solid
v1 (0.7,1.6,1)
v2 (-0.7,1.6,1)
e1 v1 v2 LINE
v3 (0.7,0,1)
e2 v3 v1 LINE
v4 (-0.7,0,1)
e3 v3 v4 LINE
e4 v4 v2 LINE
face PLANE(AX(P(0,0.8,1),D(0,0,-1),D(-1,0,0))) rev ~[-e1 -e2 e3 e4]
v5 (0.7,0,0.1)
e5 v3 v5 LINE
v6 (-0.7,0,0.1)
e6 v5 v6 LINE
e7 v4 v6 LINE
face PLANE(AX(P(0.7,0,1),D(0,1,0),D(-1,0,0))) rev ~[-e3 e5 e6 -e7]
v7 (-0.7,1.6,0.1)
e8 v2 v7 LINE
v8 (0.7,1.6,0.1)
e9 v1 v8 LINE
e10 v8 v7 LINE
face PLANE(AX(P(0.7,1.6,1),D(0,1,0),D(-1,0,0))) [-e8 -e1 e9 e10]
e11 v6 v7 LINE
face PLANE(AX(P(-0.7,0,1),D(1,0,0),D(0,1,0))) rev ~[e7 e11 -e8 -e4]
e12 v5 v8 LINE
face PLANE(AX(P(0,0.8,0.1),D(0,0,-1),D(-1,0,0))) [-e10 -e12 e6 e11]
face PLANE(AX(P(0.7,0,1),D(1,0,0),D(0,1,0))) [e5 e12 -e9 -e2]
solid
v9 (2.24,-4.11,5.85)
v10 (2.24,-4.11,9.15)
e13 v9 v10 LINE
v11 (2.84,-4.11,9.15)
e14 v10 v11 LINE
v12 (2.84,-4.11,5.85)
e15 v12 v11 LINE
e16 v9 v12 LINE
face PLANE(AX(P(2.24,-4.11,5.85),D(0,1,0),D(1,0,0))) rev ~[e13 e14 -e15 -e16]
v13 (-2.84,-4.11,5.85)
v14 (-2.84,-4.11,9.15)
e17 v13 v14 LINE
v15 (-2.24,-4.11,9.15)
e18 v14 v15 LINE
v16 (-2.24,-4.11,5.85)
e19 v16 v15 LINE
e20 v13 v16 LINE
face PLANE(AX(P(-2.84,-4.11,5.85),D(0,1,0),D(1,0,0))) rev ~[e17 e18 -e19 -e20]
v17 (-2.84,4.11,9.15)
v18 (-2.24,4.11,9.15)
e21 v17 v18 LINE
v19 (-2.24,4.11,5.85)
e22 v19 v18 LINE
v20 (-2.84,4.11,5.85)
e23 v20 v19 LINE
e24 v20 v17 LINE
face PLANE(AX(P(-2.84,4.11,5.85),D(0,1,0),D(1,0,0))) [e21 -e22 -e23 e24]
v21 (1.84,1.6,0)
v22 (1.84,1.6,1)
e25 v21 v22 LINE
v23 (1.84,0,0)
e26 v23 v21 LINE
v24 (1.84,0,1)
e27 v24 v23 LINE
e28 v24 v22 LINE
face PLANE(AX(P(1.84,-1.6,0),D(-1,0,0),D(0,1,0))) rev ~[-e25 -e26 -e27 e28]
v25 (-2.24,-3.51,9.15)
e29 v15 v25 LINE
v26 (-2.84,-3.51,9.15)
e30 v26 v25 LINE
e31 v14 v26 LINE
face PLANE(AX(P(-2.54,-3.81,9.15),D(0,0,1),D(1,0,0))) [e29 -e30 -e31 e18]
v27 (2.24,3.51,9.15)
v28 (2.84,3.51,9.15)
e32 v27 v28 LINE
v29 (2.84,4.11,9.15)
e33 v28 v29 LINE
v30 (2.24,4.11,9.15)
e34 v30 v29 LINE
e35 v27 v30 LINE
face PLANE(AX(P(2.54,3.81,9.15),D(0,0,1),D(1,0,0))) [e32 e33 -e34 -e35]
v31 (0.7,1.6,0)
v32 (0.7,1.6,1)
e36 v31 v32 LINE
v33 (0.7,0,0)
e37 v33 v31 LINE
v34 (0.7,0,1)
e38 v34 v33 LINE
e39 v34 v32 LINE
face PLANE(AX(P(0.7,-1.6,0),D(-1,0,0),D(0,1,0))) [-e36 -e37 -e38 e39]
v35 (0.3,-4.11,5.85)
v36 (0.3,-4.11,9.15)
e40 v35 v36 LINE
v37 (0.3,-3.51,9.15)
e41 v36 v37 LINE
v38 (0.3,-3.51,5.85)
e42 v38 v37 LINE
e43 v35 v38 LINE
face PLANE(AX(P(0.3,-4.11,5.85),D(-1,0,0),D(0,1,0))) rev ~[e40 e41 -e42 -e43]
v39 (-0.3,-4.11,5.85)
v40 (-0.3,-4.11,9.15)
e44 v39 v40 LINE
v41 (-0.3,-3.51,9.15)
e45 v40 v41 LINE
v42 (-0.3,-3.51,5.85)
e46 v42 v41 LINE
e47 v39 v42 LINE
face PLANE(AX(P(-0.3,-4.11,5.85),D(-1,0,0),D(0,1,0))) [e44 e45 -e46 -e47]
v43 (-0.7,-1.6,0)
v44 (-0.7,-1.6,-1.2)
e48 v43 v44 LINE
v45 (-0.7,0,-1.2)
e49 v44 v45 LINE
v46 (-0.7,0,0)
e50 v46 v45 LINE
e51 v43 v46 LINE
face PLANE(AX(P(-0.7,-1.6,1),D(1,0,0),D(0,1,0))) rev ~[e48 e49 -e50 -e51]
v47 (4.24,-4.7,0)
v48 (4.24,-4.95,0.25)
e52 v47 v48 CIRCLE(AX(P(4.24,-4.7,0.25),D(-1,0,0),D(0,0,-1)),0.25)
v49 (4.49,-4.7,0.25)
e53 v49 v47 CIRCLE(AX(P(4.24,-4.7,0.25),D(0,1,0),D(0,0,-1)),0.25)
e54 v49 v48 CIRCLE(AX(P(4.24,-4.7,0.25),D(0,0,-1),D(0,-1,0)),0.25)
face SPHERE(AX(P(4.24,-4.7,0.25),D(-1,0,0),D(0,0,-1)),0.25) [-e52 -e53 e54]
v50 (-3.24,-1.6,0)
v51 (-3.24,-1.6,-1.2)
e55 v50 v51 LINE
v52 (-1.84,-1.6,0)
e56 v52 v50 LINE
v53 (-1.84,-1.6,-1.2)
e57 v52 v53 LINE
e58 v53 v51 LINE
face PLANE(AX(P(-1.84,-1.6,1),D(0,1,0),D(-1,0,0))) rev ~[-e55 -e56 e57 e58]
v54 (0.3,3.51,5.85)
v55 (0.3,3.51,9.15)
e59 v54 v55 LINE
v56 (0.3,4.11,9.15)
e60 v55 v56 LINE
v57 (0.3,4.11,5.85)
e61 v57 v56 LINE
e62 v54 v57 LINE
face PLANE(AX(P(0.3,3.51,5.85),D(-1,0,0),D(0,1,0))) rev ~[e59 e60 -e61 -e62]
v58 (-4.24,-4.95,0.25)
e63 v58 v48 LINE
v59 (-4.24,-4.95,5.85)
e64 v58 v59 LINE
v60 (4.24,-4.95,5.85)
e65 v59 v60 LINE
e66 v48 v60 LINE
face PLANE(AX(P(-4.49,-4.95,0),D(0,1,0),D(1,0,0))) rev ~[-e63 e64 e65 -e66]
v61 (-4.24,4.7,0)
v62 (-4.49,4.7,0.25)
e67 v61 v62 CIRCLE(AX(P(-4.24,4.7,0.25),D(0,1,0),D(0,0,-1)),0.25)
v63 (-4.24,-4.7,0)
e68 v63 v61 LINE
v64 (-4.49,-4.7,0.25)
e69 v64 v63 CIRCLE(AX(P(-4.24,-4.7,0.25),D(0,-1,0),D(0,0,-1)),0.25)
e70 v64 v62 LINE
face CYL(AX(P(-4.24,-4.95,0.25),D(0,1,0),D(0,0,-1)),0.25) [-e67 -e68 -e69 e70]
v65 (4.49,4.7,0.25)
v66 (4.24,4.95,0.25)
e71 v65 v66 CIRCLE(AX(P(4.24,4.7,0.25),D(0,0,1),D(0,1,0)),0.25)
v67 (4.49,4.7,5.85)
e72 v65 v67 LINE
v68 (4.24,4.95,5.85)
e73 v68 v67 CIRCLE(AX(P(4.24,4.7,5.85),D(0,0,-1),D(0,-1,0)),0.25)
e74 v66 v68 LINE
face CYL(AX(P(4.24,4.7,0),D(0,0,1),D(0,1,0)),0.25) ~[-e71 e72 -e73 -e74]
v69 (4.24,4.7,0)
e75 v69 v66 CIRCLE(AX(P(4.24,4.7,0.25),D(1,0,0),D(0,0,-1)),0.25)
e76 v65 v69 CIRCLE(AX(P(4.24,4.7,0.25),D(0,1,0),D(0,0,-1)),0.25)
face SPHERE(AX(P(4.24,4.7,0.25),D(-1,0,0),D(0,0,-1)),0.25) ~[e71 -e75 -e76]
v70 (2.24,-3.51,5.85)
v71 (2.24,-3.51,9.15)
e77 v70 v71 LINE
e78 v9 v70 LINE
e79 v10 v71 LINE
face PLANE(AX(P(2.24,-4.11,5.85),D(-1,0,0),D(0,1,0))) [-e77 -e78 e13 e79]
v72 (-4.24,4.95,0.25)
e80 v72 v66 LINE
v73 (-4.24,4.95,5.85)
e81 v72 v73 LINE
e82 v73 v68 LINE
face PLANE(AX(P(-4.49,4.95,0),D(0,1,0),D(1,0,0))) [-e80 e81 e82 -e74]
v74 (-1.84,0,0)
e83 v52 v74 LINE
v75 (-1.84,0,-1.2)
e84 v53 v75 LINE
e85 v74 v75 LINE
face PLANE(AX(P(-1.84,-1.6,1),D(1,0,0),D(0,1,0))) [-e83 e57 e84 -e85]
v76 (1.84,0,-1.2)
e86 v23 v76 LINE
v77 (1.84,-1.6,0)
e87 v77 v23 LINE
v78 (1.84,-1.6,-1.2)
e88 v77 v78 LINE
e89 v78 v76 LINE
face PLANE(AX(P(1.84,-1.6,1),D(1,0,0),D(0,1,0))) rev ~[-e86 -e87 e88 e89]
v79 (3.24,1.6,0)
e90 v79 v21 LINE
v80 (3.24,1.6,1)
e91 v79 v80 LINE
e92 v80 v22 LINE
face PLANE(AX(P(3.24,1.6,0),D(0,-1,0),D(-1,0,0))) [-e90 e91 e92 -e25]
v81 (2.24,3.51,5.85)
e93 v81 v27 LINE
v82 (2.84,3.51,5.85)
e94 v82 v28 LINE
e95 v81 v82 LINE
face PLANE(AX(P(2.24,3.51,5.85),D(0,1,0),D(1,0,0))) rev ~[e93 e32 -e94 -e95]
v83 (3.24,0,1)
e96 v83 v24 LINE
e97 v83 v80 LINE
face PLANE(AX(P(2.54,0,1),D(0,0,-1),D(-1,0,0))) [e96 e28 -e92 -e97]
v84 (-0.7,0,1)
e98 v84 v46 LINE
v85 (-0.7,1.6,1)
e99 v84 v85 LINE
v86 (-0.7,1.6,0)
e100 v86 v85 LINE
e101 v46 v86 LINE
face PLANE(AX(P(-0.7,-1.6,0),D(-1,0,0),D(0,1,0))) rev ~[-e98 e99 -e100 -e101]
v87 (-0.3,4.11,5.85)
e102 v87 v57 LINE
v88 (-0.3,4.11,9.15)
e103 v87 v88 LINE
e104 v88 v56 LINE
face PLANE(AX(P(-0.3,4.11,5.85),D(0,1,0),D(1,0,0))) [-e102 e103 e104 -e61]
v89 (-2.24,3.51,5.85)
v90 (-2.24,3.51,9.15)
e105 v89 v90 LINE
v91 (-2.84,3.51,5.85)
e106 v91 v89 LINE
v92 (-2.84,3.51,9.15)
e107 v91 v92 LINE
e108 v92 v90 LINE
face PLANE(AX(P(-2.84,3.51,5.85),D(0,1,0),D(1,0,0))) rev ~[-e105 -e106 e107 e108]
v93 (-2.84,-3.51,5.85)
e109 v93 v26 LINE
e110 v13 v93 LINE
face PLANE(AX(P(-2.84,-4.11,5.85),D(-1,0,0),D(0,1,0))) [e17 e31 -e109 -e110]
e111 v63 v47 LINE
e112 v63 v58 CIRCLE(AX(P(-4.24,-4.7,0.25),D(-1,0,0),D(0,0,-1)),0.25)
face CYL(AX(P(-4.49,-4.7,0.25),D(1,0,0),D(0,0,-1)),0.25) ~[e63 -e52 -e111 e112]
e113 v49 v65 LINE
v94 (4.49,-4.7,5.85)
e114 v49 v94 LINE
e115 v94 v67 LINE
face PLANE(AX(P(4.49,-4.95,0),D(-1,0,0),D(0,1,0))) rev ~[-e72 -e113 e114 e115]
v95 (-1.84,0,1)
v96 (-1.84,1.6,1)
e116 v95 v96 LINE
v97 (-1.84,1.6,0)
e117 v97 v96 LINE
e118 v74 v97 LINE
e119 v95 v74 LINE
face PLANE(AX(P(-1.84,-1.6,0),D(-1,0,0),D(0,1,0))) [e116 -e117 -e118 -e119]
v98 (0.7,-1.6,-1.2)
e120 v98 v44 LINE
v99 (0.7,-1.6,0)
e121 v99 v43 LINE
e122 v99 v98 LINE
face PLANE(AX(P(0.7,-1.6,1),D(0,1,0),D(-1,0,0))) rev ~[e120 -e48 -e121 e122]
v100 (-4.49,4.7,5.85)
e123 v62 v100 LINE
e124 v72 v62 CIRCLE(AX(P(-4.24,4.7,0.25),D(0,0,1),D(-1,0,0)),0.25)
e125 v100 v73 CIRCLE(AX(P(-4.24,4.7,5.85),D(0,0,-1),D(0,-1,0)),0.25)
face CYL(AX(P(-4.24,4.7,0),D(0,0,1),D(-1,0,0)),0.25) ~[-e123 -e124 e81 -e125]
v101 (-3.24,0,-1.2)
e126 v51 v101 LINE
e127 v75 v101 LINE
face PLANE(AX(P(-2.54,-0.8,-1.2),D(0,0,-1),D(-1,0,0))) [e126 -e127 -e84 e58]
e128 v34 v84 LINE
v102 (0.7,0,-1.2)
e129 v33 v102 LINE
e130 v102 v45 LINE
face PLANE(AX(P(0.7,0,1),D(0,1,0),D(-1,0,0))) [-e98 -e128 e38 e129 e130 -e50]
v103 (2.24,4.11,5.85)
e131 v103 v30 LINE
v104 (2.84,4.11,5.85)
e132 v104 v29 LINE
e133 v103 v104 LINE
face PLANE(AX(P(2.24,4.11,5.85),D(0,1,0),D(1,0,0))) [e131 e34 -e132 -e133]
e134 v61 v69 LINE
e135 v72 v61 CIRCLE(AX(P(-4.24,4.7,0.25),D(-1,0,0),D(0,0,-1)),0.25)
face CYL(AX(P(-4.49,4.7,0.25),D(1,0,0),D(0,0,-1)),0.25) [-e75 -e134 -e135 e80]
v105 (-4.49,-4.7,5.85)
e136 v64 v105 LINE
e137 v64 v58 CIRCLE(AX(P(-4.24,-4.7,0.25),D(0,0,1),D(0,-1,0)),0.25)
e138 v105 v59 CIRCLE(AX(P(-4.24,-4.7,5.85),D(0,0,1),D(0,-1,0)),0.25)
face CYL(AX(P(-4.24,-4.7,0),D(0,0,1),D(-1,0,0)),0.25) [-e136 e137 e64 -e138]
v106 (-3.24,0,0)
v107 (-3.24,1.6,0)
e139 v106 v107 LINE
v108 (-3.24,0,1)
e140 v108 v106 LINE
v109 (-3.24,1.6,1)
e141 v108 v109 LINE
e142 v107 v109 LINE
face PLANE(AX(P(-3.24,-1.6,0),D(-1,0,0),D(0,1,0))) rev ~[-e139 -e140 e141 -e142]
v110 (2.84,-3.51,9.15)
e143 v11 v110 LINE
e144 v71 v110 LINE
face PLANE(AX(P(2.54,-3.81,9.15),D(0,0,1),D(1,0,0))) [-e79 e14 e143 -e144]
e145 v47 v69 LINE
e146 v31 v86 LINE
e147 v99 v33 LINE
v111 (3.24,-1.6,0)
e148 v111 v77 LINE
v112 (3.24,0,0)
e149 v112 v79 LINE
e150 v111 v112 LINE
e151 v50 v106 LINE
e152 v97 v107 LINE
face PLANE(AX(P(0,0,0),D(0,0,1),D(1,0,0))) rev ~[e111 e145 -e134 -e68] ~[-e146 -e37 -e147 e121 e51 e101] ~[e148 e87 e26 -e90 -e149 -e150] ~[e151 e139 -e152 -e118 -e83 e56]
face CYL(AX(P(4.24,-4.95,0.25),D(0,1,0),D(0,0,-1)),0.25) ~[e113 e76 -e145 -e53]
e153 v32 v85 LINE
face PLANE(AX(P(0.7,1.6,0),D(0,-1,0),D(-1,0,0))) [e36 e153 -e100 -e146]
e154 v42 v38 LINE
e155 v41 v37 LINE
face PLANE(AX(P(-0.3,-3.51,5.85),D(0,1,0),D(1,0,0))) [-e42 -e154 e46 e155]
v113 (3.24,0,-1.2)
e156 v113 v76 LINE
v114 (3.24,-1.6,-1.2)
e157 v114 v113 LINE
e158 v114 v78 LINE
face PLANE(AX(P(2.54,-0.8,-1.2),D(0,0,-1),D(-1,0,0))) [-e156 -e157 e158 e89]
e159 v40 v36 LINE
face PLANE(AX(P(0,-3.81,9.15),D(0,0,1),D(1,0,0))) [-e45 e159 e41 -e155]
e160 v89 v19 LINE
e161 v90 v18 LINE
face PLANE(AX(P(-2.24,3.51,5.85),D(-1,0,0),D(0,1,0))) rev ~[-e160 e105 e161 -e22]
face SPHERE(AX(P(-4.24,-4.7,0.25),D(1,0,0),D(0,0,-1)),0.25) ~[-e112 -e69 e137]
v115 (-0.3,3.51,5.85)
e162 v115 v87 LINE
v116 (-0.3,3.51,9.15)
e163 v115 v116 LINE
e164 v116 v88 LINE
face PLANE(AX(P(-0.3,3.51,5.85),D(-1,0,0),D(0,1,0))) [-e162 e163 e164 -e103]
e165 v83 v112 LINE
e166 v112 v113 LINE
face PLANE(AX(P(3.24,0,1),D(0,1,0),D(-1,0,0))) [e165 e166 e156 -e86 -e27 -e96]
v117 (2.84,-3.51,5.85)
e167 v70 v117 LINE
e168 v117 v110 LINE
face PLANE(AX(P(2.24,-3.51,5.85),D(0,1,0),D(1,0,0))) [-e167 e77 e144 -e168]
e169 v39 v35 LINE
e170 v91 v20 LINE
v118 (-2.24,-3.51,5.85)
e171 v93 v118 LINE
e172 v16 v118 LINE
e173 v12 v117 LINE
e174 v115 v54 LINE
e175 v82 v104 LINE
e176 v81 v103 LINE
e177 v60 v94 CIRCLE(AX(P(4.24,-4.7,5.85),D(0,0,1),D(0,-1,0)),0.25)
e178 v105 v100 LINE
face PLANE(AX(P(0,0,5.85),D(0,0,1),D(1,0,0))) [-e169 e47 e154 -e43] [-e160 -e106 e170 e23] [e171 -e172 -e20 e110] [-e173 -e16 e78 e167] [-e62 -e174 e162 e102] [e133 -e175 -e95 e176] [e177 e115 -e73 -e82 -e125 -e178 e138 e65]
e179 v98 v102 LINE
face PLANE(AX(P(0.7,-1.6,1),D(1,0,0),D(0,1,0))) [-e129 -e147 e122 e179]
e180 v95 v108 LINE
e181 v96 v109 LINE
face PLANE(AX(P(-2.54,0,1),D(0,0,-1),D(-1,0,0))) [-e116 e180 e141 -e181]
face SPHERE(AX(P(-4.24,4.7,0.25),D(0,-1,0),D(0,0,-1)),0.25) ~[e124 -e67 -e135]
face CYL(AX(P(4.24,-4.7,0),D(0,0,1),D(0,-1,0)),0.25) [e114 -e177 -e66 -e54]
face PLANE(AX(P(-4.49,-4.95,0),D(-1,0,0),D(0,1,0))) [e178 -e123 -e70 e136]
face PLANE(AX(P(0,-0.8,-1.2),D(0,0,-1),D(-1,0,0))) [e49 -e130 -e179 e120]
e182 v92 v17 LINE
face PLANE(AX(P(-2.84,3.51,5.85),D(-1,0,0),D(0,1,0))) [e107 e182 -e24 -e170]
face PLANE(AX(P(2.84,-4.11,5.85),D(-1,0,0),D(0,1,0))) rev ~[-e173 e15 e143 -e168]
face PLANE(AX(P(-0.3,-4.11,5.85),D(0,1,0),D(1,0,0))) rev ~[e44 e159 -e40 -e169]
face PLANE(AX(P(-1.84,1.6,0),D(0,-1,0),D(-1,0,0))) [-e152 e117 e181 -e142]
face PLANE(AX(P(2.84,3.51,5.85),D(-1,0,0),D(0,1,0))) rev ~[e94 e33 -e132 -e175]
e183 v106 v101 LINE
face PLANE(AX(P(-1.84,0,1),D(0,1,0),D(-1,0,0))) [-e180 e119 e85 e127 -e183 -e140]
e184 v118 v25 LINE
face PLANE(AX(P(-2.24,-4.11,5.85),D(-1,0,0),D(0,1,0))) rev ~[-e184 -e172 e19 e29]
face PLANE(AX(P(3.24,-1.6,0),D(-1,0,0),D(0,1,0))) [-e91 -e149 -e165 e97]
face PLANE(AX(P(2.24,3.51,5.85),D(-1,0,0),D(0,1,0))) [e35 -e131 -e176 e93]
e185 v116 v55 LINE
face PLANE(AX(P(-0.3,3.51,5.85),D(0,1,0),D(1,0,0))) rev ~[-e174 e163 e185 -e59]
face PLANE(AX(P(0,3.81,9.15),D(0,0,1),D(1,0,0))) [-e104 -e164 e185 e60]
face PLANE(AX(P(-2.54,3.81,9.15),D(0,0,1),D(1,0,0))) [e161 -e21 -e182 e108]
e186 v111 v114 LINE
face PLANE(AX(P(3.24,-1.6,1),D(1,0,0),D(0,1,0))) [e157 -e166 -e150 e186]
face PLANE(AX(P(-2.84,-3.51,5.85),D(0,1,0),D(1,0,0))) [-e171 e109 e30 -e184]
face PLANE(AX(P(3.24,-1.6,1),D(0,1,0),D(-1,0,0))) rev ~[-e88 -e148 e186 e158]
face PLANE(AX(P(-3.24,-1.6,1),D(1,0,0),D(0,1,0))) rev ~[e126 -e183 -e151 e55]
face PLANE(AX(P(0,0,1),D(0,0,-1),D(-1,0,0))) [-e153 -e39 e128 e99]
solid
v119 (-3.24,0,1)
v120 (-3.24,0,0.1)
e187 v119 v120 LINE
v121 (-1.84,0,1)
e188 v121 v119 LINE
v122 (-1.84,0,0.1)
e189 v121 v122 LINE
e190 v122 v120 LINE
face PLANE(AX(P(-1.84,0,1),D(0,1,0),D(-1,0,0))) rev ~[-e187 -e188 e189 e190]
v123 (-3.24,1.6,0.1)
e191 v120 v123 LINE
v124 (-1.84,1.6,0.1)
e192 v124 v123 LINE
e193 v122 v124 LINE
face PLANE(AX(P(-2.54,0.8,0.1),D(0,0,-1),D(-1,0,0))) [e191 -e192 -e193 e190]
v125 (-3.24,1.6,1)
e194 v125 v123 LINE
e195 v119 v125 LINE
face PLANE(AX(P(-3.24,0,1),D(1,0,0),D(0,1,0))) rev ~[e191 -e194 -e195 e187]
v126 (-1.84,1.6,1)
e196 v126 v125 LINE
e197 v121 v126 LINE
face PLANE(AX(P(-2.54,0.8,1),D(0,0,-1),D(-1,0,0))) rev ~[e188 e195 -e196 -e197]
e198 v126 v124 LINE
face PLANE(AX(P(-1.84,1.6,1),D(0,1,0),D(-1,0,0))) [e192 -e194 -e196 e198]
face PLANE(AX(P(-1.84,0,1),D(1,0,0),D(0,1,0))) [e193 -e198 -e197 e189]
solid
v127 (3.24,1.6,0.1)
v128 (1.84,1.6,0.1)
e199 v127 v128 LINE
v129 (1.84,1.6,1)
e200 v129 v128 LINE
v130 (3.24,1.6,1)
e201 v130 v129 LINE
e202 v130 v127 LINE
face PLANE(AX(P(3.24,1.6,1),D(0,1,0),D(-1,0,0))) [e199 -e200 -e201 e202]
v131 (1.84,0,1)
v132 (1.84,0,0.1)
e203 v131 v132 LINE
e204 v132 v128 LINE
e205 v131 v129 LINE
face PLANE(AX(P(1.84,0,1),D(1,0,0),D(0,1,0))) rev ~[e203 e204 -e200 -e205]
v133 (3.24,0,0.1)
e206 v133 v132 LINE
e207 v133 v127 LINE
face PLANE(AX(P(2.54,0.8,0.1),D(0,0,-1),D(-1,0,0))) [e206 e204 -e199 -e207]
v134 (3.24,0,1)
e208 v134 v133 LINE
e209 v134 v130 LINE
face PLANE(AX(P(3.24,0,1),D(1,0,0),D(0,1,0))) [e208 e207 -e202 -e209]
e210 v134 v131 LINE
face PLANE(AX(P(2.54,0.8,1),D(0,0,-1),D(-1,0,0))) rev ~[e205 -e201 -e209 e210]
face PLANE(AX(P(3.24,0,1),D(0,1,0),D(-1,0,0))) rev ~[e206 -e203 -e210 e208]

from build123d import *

# Parameters (mm, degrees)
IZIM1_W                       = 8.98
IZIM1_H                       = 9.9
Y_KSEKLIK_EKSTR_ZYON1_DEPTH   = 5.85
IZIM2_W                       = 1.4
IZIM2_H                       = 3.2
KES_EKSTR_ZYON1_DEPTH         = 1
IZIM3_W                       = 1.4
IZIM3_H                       = 1.6
Y_KSEKLIK_EKSTR_ZYON2_DEPTH   = 2.2
IZIM4_W                       = 1.4
IZIM4_H                       = 1.6
Y_KSEKLIK_EKSTR_ZYON3_DEPTH   = 0.9
Y_KSEKLIK_EKSTR_ZYON3_2_DEPTH = 0.9
Y_KSEKLIK_EKSTR_ZYON3_3_DEPTH = 0.9
RADYUS1_R                     = 0.25
IZIM5_W                       = 0.6
IZIM5_H                       = 0.6
Y_KSEKLIK_EKSTR_ZYON4_DEPTH   = 3.3


with BuildPart() as part:
    # Çizim1 → Yükseklik-Ekstrüzyon1 (new body)
    with BuildSketch(Plane.XY):
        Rectangle(IZIM1_W, IZIM1_H)
    extrude(amount=Y_KSEKLIK_EKSTR_ZYON1_DEPTH)

    # Çizim2 → Kes-Ekstrüzyon1 (cut)
    with BuildSketch(Plane(origin=(0, 0, 0), x_dir=(-1, 0, 0), z_dir=(0, 0, -1))):
        with Locations((-2.54, 0)):
            Rectangle(IZIM2_W, IZIM2_H)
        Rectangle(IZIM2_W, IZIM2_H)
        with Locations((2.54, 0)):
            Rectangle(IZIM2_W, IZIM2_H)
    extrude(amount=-KES_EKSTR_ZYON1_DEPTH, mode=Mode.SUBTRACT)

    # Çizim3 → Yükseklik-Ekstrüzyon2 (add)
    with BuildSketch(Plane(origin=(0, 0, 1), x_dir=(-1, 0, 0), z_dir=(0, 0, -1))):
        with Locations((-2.54, -0.8)):
            Rectangle(IZIM3_W, IZIM3_H)
        with Locations((0, -0.8)):
            Rectangle(IZIM3_W, IZIM3_H)
        with Locations((2.54, -0.8)):
            Rectangle(IZIM3_W, IZIM3_H)
    extrude(amount=Y_KSEKLIK_EKSTR_ZYON2_DEPTH)

    # Radyus1
    radyus1_edges = [part.edges().sort_by_distance(p)[0] for p in [
        (0, -4.95, 0),
        (-4.49, 0, 0),
        (0, 4.95, 0),
        (4.49, 0, 0),
        (4.49, -4.95, 2.925),
        (-4.49, -4.95, 2.925),
        (-4.49, 4.95, 2.925),
        (4.49, 4.95, 2.925),
    ]]
    fillet(radyus1_edges, radius=RADYUS1_R)

    # Çizim5 → Yükseklik-Ekstrüzyon4 (add)
    with BuildSketch(Plane.XY.offset(5.85)):
        with Locations((-2.54, -3.81)):
            Rectangle(IZIM5_W, IZIM5_H)
        with Locations((-2.54, 3.81)):
            Rectangle(IZIM5_W, IZIM5_H)
        with Locations((0, -3.81)):
            Rectangle(IZIM5_W, IZIM5_H)
        with Locations((0, 3.81)):
            Rectangle(IZIM5_W, IZIM5_H)
        with Locations((2.54, 3.81)):
            Rectangle(IZIM5_W, IZIM5_H)
        with Locations((2.54, -3.81)):
            Rectangle(IZIM5_W, IZIM5_H)
    extrude(amount=Y_KSEKLIK_EKSTR_ZYON4_DEPTH)


with BuildPart() as body_2:
    # Çizim4 → Yükseklik-Ekstrüzyon3 (new body)
    with BuildSketch(Plane(origin=(0, 0, 1), x_dir=(-1, 0, 0), z_dir=(0, 0, -1))):
        with Locations((-2.54, 0.8)):
            Rectangle(IZIM4_W, IZIM4_H)
    extrude(amount=Y_KSEKLIK_EKSTR_ZYON3_DEPTH)


with BuildPart() as body_3:
    # Çizim4 → Y_kseklik-Ekstr_zyon3 2 (new body)
    with BuildSketch(Plane(origin=(0, 0, 1), x_dir=(-1, 0, 0), z_dir=(0, 0, -1))):
        with Locations((0, 0.8)):
            Rectangle(IZIM4_W, IZIM4_H)
    extrude(amount=Y_KSEKLIK_EKSTR_ZYON3_2_DEPTH)


with BuildPart() as body_4:
    # Çizim4 → Y_kseklik-Ekstr_zyon3 3 (new body)
    with BuildSketch(Plane(origin=(0, 0, 1), x_dir=(-1, 0, 0), z_dir=(0, 0, -1))):
        with Locations((2.54, 0.8)):
            Rectangle(IZIM4_W, IZIM4_H)
    extrude(amount=Y_KSEKLIK_EKSTR_ZYON3_3_DEPTH)


solid = Compound([part.part, body_2.part, body_3.part, body_4.part])
